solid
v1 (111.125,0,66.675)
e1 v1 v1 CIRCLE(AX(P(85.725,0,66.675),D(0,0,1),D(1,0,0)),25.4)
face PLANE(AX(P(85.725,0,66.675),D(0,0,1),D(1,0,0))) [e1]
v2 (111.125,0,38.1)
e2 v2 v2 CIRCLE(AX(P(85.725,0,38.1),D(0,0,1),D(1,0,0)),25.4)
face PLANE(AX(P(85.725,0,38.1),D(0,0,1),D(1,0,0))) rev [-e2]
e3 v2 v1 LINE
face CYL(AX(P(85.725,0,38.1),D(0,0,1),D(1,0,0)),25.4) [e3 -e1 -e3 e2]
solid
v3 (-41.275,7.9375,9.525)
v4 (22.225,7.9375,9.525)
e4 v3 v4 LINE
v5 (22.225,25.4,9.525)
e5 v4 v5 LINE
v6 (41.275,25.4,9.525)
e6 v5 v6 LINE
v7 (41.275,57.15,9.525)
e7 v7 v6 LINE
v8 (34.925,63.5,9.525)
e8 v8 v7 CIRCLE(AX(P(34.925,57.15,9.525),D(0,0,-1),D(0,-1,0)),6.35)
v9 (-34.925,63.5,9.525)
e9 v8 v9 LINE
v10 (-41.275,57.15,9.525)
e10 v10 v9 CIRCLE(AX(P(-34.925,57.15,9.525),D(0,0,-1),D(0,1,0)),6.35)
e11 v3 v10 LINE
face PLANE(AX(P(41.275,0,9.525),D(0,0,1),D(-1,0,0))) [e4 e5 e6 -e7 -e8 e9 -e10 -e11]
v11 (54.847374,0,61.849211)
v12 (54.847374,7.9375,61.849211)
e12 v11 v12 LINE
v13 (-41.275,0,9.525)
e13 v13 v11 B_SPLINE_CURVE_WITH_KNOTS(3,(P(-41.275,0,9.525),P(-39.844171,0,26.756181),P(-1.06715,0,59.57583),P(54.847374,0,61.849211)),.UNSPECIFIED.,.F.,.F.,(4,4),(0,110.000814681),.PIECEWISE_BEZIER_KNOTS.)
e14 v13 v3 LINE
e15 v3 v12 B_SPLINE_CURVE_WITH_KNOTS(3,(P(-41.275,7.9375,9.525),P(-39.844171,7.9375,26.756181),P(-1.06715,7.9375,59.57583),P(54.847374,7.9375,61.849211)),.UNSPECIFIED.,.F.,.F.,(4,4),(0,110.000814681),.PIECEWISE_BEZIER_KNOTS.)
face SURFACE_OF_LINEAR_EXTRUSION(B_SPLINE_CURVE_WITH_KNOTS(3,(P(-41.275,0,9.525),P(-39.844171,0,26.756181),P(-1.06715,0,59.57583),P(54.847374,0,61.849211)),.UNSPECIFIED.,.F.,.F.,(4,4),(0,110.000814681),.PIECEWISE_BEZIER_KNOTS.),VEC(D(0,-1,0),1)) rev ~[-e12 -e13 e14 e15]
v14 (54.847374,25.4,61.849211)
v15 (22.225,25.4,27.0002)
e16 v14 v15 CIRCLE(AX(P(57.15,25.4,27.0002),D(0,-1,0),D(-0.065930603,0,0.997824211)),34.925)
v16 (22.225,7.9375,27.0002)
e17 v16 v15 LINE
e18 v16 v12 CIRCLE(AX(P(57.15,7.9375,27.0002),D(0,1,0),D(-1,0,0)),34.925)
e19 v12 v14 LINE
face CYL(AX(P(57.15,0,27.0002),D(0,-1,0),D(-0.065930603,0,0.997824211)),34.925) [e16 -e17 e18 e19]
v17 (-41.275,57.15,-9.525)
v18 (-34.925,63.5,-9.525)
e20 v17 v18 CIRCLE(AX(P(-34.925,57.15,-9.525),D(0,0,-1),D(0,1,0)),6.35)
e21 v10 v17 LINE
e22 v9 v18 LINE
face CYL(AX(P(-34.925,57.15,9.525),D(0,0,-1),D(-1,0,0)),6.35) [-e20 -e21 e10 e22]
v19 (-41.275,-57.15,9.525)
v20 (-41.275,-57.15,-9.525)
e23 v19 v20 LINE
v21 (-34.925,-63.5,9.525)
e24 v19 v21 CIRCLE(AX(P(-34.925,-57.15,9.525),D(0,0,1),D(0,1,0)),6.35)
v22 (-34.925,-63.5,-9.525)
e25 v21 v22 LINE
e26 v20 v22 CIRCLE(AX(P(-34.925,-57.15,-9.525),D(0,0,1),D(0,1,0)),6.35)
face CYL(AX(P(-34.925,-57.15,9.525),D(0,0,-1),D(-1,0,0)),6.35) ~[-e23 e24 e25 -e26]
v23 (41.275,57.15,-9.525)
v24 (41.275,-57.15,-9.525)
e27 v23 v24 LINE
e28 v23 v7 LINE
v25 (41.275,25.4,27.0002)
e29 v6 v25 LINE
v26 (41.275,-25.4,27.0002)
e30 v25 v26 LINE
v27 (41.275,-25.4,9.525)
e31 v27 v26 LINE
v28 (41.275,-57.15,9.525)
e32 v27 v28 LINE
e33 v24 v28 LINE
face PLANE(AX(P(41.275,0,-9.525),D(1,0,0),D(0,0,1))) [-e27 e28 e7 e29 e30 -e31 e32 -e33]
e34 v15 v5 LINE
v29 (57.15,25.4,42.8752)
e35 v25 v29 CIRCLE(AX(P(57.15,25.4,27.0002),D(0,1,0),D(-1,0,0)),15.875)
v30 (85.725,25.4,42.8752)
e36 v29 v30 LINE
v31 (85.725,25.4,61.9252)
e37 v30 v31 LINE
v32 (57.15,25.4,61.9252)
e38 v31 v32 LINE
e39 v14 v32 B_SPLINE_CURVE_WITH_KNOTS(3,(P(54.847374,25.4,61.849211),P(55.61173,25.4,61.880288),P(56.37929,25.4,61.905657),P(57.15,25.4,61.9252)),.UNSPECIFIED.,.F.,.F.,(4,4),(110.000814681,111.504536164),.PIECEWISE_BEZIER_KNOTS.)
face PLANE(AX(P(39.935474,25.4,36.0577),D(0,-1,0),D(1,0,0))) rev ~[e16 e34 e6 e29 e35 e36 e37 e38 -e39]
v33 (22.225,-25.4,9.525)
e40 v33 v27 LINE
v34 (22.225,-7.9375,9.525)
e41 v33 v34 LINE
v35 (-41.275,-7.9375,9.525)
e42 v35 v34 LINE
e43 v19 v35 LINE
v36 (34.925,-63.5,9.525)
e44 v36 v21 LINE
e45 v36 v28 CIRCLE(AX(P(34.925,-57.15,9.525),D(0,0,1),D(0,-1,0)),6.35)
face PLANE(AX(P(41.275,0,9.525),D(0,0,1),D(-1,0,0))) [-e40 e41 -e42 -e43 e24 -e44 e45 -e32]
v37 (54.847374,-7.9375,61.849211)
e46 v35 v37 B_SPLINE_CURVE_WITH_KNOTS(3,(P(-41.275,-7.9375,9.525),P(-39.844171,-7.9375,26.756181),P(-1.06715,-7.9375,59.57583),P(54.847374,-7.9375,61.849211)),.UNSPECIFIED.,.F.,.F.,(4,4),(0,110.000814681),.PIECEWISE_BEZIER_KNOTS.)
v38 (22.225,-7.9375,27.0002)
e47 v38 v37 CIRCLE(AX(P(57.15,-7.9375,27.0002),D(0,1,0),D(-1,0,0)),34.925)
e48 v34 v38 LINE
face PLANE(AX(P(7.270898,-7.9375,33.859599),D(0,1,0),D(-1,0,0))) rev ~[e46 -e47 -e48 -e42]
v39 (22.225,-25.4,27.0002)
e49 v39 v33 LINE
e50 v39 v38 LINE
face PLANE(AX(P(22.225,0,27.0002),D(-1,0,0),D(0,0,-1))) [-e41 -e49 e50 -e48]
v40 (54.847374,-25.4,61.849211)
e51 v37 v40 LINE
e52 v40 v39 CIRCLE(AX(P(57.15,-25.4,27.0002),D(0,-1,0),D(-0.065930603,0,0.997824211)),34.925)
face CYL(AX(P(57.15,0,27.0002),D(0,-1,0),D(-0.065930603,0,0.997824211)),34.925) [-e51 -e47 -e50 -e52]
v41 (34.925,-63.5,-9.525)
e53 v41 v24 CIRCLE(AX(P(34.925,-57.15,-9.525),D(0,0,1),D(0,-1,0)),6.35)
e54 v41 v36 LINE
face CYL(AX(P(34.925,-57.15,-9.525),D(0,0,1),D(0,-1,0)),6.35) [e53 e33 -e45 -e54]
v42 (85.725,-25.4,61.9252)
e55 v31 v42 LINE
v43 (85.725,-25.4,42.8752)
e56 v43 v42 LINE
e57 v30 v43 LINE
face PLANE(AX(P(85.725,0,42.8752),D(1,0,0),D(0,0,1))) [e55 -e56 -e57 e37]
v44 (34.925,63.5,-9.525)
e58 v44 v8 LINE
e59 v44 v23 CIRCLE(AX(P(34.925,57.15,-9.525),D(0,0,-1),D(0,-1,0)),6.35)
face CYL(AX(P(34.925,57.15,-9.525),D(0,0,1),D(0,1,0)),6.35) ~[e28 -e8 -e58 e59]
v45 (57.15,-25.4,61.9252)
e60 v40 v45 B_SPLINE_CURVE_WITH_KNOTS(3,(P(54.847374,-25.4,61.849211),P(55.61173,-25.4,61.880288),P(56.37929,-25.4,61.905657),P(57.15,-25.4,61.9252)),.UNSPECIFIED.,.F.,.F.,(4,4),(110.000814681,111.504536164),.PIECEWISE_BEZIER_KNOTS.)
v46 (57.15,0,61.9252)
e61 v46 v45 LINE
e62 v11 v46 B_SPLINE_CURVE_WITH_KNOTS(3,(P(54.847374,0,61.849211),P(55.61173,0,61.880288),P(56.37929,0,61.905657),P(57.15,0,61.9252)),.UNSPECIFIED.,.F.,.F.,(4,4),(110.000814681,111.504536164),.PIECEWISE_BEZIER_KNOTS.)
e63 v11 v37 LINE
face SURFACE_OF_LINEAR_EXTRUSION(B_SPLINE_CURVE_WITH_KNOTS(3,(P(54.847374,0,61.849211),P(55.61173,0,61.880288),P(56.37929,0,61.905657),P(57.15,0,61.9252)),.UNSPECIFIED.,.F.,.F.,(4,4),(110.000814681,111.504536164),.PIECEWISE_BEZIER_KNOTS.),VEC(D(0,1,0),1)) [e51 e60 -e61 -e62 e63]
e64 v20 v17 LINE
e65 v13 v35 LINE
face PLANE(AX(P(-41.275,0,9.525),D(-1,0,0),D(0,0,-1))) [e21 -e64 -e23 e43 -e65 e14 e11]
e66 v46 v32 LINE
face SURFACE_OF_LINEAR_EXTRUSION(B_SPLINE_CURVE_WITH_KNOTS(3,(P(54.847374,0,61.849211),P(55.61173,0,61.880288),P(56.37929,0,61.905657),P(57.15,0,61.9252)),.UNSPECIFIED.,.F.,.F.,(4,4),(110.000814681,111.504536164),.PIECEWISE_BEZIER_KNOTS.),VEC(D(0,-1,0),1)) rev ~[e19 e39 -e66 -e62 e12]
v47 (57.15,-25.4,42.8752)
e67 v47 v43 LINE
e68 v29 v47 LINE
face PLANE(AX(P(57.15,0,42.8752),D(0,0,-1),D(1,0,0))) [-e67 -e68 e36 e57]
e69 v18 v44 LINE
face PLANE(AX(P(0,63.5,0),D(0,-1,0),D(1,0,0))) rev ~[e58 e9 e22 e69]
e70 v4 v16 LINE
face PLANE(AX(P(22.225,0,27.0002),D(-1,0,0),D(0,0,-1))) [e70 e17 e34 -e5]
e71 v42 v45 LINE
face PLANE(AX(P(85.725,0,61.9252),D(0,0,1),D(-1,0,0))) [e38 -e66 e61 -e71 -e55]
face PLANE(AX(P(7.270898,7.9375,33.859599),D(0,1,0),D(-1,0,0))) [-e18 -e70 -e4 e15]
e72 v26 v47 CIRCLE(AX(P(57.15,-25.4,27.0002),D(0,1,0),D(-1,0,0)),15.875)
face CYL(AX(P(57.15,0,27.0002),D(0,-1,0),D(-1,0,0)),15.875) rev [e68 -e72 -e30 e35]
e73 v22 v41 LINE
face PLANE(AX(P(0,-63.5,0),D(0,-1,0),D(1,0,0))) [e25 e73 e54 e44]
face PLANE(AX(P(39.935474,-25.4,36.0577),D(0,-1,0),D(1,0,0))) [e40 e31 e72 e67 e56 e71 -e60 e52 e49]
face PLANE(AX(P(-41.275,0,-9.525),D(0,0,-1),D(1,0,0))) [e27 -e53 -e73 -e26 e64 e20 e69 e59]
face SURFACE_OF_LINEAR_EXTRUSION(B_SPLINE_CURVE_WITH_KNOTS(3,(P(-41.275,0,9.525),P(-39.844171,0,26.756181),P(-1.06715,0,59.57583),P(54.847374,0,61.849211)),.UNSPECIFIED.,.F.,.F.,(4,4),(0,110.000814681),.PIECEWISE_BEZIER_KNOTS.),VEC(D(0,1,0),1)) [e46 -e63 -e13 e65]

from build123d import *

# Parameters (mm, degrees)
F1_DEPTH = 63.5
F0_W     = 25.4
F0_H     = 19.05
F2_DEPTH = 25.4
F3_DEPTH = 7.9375
F5_R     = 6.35


with BuildPart() as f1:
    # F0 (on Front) → F1 (new body, symmetric)
    with BuildSketch(Plane.XZ):
        Polygon((-41.275, -9.525), (41.275, -9.525), (41.275, 9.525), (22.225, 9.525), (-41.275, 9.525), align=None)
    extrude(amount=F1_DEPTH, both=True)

    # F0 (on Front) → F2 (join, symmetric)
    with BuildSketch(Plane.XZ):
        with BuildLine():
            Line((22.225, 9.525), (41.275, 9.525))
            Line((41.275, 9.525), (41.275, 27.0002))
            ThreePointArc((41.275, 27.0002), (45.9246798487, 38.2255201513), (57.15, 42.8752))
            Line((57.15, 42.8752), (60.325, 42.8752))
            Line((60.325, 42.8752), (60.325, 61.9252))
            Line((60.325, 61.9252), (57.15, 61.9252))
            add(Edge.make_bspline(
                [(54.8473736997, 61.8492105616), (55.6117304975, 61.880287885), (56.3792898057, 61.9056569823), (57.15, 61.9252)],
                knots=[110.0008146808, 110.0008146808, 110.0008146808, 110.0008146808, 111.5045361635, 111.5045361635, 111.5045361635, 111.5045361635], degree=3))
            ThreePointArc((54.8473736997, 61.8492105616), (31.6531879587, 50.8679229901), (22.225, 27.0002))
            Line((22.225, 27.0002), (22.225, 9.525))
        make_face()
        with Locations((73.025, 52.4002)):
            Rectangle(F0_W, F0_H)
    extrude(amount=F2_DEPTH, both=True)

    # F0 (on Front) → F3 (join, symmetric)
    with BuildSketch(Plane.XZ):
        with BuildLine():
            add(Edge.make_bspline(
                [(-41.275, 9.525), (-39.8441711743, 26.7561814621), (-1.0671499913, 59.5758301952), (54.8473736997, 61.8492105616)],
                knots=[0, 0, 0, 0, 110.0008146808, 110.0008146808, 110.0008146808, 110.0008146808], degree=3))
            Line((-41.275, 9.525), (22.225, 9.525))
            Line((22.225, 9.525), (22.225, 27.0002))
            ThreePointArc((22.225, 27.0002), (31.6531879587, 50.8679229901), (54.8473736997, 61.8492105616))
        make_face()
    extrude(amount=F3_DEPTH, both=True)

    # F5
    f5_edges = [f1.edges().sort_by_distance(p)[0] for p in [
        (41.275, -63.5, 0),
        (-41.275, -63.5, 0),
        (41.275, 63.5, 0),
        (-41.275, 63.5, 0),
    ]]
    fillet(f5_edges, radius=F5_R)


with BuildPart() as f4:
    # F0 (on Front) → F4 (revolve)
    with BuildSketch(Plane.XZ):
        Polygon((85.725, 61.9252), (85.725, 42.8752), (85.725, 38.1), (111.125, 38.1), (111.125, 66.675), (85.725, 66.675), align=None)
    revolve(axis=Axis((85.725, 0, 52.3875), (0, 0, 1)))


solid = Compound([f1.part, f4.part])
